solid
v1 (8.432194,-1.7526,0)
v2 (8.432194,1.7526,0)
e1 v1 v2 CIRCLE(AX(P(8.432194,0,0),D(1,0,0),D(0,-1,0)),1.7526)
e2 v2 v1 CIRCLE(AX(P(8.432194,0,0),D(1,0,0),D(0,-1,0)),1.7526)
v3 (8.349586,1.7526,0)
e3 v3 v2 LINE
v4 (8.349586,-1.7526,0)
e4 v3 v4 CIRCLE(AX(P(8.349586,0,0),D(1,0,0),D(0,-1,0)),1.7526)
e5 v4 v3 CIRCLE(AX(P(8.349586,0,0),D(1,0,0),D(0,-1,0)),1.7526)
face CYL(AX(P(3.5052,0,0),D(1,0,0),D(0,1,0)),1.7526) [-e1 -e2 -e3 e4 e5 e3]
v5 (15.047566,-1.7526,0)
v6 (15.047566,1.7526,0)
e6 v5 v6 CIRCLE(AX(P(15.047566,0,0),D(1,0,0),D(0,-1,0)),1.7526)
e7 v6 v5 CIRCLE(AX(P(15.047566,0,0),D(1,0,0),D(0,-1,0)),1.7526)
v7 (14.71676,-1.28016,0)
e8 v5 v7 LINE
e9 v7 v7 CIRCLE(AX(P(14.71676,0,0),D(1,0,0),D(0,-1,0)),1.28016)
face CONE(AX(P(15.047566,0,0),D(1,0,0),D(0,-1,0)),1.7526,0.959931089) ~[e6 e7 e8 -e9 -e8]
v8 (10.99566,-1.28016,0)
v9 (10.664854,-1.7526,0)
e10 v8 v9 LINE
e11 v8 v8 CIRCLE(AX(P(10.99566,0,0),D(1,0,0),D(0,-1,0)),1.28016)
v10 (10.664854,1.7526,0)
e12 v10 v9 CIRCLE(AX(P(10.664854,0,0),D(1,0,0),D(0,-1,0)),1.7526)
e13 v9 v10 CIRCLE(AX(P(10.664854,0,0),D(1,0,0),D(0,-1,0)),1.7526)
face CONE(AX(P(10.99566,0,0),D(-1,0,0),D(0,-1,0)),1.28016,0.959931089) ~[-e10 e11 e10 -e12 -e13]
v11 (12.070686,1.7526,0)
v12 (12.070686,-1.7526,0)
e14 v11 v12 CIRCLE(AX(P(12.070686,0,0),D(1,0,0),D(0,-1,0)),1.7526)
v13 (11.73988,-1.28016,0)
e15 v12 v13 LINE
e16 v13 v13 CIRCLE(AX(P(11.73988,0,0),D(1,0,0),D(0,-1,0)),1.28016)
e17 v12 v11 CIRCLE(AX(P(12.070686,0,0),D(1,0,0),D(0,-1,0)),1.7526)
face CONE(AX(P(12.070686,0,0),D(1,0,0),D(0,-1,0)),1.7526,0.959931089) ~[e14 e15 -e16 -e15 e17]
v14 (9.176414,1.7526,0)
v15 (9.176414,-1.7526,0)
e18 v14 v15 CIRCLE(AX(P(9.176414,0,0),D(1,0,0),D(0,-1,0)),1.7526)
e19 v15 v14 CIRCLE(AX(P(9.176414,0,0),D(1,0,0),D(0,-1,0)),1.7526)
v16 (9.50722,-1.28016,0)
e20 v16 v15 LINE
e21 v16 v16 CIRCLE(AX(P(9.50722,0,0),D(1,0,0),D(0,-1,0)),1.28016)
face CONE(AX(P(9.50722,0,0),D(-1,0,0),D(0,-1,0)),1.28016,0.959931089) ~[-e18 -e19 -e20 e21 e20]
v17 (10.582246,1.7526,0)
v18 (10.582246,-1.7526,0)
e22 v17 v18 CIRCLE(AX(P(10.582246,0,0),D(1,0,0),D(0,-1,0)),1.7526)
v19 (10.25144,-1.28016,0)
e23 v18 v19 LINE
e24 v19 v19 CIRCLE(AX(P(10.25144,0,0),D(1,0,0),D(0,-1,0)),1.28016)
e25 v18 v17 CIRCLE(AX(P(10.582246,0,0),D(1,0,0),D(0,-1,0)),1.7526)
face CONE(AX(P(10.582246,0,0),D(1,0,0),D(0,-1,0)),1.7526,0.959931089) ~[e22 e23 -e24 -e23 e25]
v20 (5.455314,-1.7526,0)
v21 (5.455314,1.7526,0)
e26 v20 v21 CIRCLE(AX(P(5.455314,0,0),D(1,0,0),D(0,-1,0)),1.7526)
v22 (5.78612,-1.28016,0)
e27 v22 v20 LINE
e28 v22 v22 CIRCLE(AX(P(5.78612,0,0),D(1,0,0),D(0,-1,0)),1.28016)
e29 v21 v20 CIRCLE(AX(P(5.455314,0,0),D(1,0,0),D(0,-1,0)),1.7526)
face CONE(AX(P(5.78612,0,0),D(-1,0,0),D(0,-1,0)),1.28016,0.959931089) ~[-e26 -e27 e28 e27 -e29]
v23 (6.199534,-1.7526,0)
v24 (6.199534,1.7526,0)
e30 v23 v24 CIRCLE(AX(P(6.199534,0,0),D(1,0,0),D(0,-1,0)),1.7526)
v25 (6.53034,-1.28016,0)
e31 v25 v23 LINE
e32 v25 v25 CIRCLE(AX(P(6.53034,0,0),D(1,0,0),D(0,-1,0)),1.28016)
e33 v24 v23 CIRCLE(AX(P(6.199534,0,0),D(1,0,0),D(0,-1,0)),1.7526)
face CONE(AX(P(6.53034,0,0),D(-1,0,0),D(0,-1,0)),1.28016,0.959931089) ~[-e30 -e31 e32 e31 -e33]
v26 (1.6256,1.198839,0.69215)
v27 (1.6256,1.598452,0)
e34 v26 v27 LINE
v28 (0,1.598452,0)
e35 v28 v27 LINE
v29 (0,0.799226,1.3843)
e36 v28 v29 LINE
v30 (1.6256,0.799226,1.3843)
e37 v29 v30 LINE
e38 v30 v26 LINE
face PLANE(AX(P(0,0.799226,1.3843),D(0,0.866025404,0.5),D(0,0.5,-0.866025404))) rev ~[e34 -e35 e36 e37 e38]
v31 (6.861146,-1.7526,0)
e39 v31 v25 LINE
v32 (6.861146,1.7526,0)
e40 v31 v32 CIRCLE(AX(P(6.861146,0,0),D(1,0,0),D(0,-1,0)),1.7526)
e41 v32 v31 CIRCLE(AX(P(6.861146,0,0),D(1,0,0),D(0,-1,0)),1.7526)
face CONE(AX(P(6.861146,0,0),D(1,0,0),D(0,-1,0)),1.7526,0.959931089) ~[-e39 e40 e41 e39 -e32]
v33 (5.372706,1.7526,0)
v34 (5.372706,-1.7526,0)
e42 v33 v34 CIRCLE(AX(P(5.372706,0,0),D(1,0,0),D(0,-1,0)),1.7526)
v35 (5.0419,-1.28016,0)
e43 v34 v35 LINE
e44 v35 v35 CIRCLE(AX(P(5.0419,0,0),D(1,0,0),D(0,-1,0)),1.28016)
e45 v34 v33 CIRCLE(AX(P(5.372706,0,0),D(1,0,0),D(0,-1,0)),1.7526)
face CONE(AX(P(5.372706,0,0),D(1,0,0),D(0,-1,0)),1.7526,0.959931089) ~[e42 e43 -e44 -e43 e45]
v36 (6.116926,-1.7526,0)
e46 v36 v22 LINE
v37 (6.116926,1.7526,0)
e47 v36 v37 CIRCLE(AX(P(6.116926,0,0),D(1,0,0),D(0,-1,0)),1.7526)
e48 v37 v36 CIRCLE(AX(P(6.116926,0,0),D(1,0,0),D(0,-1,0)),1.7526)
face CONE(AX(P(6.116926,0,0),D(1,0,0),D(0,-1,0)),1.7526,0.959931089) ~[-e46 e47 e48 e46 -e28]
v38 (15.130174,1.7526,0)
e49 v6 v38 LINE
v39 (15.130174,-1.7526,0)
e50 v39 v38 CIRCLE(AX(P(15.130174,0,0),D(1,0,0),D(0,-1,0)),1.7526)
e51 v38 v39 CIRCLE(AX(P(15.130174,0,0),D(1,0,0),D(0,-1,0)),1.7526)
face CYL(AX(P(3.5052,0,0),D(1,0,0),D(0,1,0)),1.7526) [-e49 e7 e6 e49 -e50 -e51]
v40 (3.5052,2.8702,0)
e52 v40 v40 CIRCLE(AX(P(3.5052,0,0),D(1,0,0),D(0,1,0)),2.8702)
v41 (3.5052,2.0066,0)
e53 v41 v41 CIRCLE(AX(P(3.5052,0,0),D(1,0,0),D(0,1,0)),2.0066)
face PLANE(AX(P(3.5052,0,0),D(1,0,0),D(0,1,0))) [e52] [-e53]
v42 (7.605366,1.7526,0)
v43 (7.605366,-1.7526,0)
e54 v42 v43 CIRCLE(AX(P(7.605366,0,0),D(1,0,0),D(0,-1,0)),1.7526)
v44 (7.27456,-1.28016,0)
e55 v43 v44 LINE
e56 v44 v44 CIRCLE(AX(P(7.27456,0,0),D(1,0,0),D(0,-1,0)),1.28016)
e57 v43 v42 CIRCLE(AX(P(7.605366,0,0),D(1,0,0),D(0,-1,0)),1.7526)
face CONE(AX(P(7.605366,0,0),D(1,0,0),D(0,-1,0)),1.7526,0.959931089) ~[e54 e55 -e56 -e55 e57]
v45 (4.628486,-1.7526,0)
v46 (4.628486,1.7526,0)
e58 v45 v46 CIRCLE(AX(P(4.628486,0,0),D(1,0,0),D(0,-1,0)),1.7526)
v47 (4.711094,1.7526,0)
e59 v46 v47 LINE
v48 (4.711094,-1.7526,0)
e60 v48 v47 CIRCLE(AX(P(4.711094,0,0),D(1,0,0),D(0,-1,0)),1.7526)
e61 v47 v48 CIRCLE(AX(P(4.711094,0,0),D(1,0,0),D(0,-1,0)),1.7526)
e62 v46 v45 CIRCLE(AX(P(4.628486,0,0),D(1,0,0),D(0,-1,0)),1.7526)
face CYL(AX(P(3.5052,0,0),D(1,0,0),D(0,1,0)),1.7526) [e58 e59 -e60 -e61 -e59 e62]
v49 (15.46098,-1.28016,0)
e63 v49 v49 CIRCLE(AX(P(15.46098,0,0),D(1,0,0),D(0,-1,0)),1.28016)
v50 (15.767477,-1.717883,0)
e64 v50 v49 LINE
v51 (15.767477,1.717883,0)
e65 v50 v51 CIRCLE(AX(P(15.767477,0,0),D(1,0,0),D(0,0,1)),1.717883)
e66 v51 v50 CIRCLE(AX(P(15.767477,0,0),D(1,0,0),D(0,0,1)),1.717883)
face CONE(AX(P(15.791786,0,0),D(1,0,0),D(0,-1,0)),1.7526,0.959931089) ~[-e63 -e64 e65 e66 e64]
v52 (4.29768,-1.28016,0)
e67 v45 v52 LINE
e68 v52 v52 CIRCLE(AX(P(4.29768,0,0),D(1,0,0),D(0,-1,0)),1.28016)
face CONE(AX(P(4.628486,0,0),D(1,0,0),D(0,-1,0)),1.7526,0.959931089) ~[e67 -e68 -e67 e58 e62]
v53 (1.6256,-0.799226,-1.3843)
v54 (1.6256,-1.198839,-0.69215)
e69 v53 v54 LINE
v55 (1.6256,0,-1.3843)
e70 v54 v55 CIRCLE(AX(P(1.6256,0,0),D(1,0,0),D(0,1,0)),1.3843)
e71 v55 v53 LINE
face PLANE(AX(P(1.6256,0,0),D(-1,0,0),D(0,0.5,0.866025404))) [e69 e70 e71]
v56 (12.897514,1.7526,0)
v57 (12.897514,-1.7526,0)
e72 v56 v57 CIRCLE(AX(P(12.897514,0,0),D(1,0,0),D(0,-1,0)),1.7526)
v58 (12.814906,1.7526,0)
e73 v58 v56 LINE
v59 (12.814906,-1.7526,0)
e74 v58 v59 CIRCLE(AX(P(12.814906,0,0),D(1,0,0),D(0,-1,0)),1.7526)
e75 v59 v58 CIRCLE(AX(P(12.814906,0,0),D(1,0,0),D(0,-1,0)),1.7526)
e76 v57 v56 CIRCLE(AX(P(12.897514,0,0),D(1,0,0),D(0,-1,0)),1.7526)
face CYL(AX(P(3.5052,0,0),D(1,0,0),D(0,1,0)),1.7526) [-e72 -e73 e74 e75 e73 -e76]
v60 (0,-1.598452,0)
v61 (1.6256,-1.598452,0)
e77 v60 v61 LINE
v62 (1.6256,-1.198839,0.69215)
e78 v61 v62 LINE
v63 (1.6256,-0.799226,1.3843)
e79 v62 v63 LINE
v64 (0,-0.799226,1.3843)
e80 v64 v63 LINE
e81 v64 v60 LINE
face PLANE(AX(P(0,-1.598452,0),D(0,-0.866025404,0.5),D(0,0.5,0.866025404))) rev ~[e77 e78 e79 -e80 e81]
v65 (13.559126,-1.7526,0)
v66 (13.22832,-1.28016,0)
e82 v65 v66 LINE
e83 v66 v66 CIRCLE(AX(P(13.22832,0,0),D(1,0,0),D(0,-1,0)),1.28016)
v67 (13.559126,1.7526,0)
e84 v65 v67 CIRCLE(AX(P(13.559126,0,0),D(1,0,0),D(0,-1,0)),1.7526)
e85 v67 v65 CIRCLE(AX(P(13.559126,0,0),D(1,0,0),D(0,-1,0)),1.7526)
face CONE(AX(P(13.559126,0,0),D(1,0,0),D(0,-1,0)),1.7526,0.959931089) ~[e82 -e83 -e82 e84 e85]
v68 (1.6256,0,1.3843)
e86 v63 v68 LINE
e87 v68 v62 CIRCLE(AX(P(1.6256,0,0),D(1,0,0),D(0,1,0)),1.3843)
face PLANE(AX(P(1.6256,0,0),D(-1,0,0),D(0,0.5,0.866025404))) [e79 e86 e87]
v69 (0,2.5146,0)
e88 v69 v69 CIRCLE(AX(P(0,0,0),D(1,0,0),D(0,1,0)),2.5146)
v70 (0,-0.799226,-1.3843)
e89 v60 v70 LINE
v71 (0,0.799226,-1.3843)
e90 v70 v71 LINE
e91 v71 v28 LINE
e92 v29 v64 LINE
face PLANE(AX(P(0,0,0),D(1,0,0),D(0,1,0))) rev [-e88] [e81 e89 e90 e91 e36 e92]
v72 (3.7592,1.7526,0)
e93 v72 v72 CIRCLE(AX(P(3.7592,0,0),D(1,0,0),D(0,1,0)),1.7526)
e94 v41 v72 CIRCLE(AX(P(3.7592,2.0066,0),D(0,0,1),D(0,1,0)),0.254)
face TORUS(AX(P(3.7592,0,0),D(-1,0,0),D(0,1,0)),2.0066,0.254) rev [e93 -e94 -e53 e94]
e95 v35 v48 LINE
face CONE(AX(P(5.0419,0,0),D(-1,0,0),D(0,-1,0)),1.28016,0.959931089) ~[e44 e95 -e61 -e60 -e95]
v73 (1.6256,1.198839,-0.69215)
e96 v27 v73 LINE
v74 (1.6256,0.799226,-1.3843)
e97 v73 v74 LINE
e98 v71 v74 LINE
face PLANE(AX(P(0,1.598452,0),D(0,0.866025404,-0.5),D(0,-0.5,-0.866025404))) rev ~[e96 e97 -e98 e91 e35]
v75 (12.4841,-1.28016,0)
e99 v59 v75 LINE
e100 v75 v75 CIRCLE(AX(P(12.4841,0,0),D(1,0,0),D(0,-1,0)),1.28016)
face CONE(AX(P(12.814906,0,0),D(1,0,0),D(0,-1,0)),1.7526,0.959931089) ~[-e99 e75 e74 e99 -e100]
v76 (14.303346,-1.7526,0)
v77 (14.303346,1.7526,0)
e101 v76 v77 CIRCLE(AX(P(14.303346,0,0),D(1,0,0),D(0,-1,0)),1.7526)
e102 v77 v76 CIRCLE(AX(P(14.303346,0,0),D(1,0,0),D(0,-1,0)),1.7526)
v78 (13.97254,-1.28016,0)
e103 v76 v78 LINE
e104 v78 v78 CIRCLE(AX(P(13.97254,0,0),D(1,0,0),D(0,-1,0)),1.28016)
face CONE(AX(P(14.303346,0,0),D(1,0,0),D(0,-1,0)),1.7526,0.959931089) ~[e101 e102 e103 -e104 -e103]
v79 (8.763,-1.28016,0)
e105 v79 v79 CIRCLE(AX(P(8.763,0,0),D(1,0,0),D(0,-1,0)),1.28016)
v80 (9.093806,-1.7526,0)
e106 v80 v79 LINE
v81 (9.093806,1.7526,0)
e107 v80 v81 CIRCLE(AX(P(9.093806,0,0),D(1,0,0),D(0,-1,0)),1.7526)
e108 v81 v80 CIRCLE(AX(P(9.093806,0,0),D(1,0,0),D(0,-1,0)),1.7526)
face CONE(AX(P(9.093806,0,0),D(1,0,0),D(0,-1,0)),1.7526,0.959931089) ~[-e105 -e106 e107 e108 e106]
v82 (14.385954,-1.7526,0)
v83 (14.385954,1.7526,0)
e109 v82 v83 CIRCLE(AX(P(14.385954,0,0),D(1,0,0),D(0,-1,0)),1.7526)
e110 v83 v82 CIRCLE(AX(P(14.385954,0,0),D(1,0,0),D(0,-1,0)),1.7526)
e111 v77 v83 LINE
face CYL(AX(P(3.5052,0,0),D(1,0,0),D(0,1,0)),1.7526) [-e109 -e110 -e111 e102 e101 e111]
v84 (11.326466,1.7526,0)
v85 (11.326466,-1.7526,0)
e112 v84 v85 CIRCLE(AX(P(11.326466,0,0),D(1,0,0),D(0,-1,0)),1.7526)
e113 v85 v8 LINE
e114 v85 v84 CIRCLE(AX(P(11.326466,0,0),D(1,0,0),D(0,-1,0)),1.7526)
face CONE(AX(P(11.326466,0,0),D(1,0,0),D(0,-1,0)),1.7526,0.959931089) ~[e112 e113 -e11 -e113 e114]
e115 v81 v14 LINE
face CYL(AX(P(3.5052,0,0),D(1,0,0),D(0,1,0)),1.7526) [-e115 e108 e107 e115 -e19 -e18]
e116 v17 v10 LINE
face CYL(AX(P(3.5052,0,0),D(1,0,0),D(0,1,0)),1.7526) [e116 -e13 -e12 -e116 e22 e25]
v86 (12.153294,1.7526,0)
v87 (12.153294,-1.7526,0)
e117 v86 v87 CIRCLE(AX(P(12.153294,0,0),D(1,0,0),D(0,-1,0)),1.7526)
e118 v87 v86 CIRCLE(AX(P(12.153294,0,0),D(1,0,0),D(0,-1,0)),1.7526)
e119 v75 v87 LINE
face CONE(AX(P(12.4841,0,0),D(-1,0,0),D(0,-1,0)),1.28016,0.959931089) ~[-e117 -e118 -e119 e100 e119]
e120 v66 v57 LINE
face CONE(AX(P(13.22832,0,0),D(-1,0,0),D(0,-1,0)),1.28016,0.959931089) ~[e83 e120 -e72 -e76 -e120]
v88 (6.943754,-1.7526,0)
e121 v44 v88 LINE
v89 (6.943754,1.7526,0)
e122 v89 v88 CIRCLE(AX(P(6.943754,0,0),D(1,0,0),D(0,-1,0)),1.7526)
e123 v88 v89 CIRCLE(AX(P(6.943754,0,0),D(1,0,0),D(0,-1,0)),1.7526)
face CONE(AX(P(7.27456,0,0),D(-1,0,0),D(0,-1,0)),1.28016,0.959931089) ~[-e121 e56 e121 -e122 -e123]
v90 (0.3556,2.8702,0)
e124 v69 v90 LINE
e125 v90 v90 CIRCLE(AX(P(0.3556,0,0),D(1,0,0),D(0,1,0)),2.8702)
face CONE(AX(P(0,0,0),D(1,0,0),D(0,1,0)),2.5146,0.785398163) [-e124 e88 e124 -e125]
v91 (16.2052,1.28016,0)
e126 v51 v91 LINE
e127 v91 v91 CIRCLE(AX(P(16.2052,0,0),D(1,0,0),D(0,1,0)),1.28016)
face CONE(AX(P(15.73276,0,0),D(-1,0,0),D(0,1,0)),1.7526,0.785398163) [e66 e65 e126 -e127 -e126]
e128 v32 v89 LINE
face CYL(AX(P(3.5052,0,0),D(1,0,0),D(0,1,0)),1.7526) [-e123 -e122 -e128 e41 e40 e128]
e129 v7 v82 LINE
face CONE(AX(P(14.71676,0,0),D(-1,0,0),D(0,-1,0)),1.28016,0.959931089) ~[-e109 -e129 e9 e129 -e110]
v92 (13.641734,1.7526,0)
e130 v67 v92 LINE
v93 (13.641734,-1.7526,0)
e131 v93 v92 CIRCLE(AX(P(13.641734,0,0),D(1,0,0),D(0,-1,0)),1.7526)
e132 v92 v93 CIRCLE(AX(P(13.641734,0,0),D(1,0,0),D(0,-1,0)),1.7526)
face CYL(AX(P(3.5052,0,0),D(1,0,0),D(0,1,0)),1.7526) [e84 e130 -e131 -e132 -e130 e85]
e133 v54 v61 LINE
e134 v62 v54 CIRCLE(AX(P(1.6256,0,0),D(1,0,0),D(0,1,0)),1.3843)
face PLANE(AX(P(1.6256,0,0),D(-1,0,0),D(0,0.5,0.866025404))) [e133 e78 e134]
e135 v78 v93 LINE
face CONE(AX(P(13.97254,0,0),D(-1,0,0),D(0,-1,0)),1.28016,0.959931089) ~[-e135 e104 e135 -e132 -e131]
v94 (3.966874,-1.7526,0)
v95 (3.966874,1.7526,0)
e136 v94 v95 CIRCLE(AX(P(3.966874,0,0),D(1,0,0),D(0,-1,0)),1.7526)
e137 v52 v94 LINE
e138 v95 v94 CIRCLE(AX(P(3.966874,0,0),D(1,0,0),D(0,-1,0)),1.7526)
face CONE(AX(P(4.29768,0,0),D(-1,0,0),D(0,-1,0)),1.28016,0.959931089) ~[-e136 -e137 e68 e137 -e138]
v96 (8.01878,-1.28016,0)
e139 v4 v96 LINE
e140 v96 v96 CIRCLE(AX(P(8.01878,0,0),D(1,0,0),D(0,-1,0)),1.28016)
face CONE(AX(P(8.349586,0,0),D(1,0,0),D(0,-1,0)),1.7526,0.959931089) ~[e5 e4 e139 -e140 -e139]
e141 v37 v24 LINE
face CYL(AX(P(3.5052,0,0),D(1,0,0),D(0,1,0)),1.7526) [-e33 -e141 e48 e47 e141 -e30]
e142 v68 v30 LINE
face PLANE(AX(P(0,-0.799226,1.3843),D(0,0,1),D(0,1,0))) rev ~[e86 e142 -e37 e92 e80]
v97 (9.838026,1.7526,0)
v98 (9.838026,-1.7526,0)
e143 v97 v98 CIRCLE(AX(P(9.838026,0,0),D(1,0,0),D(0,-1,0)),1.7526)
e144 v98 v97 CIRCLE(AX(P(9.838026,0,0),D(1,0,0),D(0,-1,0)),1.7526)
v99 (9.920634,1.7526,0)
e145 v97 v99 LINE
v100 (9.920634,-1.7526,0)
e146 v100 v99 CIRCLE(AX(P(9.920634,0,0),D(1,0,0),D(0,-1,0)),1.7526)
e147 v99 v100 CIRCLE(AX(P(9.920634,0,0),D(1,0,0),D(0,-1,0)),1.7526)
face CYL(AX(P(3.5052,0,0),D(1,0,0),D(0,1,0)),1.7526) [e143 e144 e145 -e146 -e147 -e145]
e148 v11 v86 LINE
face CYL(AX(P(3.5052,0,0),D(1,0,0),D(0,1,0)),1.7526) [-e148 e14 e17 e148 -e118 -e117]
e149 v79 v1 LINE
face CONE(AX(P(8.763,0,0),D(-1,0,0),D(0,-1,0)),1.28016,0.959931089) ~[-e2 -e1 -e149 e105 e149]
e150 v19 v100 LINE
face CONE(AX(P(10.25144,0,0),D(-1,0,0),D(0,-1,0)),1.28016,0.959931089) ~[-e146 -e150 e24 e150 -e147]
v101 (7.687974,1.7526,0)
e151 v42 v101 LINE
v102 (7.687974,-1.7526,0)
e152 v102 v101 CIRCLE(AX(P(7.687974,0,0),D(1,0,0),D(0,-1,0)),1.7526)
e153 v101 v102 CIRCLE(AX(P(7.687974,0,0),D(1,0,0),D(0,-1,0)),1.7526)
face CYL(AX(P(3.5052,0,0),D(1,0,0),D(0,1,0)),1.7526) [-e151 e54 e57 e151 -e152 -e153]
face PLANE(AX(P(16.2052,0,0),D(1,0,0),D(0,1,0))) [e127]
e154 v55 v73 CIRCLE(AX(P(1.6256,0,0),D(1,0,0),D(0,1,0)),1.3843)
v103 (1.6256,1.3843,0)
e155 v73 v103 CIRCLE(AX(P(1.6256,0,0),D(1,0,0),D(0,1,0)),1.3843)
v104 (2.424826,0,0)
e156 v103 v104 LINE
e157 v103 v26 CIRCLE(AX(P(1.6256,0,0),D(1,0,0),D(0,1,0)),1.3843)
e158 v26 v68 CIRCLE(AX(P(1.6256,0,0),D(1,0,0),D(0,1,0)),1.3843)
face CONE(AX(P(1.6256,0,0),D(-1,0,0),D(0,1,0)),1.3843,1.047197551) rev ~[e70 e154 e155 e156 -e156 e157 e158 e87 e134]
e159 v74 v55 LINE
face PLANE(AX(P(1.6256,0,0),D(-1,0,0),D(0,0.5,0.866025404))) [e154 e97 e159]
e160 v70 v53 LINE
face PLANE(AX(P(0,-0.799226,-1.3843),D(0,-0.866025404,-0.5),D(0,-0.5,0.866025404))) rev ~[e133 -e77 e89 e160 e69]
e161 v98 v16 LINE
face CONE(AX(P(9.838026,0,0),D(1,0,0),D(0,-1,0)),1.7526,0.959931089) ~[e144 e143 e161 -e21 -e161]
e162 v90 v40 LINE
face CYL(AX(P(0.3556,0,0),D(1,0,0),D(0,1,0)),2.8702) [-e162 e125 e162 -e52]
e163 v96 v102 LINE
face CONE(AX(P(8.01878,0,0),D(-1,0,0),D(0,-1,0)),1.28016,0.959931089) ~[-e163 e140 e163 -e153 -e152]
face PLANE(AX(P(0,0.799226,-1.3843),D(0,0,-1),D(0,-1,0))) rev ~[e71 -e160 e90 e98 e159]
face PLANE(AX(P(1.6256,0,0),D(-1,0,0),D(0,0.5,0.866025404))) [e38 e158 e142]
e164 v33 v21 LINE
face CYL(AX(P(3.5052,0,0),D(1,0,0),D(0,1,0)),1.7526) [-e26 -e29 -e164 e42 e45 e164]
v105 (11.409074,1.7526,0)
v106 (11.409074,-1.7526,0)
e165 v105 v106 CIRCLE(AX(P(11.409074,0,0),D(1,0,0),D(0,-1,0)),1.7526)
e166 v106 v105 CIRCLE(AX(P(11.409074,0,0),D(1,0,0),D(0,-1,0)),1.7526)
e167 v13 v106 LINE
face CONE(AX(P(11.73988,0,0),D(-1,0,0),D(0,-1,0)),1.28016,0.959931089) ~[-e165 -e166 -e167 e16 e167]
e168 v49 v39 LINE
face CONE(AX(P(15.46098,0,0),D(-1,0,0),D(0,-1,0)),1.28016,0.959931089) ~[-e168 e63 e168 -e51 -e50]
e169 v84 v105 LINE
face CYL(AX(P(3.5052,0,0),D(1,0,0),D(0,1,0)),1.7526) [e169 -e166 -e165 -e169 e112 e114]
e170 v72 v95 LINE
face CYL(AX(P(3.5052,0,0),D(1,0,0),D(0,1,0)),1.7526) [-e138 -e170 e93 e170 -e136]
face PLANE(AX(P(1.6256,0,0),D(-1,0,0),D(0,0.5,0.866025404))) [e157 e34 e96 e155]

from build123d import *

# Parameters (mm, degrees)
FILLET1_R       = 0.254
HEX_2_DEPTH     = 1.6256
THDSCHPAT_COUNT = 16
THDSCHPAT_PITCH = 0.74422


with BuildPart() as part:
    # BodySke → Base-Revolve (revolve)
    with BuildSketch(Plane.XY):
        Polygon((0, 0), (0, 2.5146), (0.3556, 2.8702), (3.5052, 2.8702), (3.5052, 1.7526), (15.73276, 1.7526), (16.2052, 1.28016), (16.2052, 0), align=None)
    revolve(axis=Axis((-31.75, 0, 0), (1, 0, 0)))

    # Fillet1
    fillet1_edges = [part.edges().sort_by_distance(p)[0] for p in [
        (3.5052, -1.7526, 0),
    ]]
    fillet(fillet1_edges, radius=FILLET1_R)

    # Sketch2 → Hex-PreBroach (revolve, cut)
    with BuildSketch(Plane.XY):
        Polygon((0, 1.3843), (1.6256, 1.3843), (2.424825978, 0), (0, 0), align=None)
    revolve(axis=Axis((0, 0, 0), (1, 0, 0)), mode=Mode.SUBTRACT)

    # Sketch3 → Hex 2 (cut)
    with BuildSketch(Plane(origin=(0, 0, 0), x_dir=(0, 0.5, 0.866025404), z_dir=(-1, 0, 0))):
        Polygon((0.799225978, 1.3843), (-0.799225978, 1.3843), (-1.598451955, 0), (-0.799225978, -1.3843), (0.799225978, -1.3843), (1.598451955, 0), align=None)
    extrude(amount=-HEX_2_DEPTH, mode=Mode.SUBTRACT)

    # ThdSchSke → ThreadSchematic (revolve, cut)
    with BuildSketch(Plane.XY):
        Polygon((4.29768, -1.28016), (3.966873951, -1.7526), (3.966873951, -2.19075), (4.628486049, -2.19075), (4.628486049, -1.7526), align=None)
    threadschematic = revolve(axis=Axis((-3.175, 0, 0), (1, 0, 0)), mode=Mode.SUBTRACT)

    # ThdSchPat: ThreadSchematic ×16
    with Locations(*[(i * THDSCHPAT_PITCH, 0, 0) for i in range(1, THDSCHPAT_COUNT)]):
        add(threadschematic, mode=Mode.SUBTRACT)


solid = part.part
